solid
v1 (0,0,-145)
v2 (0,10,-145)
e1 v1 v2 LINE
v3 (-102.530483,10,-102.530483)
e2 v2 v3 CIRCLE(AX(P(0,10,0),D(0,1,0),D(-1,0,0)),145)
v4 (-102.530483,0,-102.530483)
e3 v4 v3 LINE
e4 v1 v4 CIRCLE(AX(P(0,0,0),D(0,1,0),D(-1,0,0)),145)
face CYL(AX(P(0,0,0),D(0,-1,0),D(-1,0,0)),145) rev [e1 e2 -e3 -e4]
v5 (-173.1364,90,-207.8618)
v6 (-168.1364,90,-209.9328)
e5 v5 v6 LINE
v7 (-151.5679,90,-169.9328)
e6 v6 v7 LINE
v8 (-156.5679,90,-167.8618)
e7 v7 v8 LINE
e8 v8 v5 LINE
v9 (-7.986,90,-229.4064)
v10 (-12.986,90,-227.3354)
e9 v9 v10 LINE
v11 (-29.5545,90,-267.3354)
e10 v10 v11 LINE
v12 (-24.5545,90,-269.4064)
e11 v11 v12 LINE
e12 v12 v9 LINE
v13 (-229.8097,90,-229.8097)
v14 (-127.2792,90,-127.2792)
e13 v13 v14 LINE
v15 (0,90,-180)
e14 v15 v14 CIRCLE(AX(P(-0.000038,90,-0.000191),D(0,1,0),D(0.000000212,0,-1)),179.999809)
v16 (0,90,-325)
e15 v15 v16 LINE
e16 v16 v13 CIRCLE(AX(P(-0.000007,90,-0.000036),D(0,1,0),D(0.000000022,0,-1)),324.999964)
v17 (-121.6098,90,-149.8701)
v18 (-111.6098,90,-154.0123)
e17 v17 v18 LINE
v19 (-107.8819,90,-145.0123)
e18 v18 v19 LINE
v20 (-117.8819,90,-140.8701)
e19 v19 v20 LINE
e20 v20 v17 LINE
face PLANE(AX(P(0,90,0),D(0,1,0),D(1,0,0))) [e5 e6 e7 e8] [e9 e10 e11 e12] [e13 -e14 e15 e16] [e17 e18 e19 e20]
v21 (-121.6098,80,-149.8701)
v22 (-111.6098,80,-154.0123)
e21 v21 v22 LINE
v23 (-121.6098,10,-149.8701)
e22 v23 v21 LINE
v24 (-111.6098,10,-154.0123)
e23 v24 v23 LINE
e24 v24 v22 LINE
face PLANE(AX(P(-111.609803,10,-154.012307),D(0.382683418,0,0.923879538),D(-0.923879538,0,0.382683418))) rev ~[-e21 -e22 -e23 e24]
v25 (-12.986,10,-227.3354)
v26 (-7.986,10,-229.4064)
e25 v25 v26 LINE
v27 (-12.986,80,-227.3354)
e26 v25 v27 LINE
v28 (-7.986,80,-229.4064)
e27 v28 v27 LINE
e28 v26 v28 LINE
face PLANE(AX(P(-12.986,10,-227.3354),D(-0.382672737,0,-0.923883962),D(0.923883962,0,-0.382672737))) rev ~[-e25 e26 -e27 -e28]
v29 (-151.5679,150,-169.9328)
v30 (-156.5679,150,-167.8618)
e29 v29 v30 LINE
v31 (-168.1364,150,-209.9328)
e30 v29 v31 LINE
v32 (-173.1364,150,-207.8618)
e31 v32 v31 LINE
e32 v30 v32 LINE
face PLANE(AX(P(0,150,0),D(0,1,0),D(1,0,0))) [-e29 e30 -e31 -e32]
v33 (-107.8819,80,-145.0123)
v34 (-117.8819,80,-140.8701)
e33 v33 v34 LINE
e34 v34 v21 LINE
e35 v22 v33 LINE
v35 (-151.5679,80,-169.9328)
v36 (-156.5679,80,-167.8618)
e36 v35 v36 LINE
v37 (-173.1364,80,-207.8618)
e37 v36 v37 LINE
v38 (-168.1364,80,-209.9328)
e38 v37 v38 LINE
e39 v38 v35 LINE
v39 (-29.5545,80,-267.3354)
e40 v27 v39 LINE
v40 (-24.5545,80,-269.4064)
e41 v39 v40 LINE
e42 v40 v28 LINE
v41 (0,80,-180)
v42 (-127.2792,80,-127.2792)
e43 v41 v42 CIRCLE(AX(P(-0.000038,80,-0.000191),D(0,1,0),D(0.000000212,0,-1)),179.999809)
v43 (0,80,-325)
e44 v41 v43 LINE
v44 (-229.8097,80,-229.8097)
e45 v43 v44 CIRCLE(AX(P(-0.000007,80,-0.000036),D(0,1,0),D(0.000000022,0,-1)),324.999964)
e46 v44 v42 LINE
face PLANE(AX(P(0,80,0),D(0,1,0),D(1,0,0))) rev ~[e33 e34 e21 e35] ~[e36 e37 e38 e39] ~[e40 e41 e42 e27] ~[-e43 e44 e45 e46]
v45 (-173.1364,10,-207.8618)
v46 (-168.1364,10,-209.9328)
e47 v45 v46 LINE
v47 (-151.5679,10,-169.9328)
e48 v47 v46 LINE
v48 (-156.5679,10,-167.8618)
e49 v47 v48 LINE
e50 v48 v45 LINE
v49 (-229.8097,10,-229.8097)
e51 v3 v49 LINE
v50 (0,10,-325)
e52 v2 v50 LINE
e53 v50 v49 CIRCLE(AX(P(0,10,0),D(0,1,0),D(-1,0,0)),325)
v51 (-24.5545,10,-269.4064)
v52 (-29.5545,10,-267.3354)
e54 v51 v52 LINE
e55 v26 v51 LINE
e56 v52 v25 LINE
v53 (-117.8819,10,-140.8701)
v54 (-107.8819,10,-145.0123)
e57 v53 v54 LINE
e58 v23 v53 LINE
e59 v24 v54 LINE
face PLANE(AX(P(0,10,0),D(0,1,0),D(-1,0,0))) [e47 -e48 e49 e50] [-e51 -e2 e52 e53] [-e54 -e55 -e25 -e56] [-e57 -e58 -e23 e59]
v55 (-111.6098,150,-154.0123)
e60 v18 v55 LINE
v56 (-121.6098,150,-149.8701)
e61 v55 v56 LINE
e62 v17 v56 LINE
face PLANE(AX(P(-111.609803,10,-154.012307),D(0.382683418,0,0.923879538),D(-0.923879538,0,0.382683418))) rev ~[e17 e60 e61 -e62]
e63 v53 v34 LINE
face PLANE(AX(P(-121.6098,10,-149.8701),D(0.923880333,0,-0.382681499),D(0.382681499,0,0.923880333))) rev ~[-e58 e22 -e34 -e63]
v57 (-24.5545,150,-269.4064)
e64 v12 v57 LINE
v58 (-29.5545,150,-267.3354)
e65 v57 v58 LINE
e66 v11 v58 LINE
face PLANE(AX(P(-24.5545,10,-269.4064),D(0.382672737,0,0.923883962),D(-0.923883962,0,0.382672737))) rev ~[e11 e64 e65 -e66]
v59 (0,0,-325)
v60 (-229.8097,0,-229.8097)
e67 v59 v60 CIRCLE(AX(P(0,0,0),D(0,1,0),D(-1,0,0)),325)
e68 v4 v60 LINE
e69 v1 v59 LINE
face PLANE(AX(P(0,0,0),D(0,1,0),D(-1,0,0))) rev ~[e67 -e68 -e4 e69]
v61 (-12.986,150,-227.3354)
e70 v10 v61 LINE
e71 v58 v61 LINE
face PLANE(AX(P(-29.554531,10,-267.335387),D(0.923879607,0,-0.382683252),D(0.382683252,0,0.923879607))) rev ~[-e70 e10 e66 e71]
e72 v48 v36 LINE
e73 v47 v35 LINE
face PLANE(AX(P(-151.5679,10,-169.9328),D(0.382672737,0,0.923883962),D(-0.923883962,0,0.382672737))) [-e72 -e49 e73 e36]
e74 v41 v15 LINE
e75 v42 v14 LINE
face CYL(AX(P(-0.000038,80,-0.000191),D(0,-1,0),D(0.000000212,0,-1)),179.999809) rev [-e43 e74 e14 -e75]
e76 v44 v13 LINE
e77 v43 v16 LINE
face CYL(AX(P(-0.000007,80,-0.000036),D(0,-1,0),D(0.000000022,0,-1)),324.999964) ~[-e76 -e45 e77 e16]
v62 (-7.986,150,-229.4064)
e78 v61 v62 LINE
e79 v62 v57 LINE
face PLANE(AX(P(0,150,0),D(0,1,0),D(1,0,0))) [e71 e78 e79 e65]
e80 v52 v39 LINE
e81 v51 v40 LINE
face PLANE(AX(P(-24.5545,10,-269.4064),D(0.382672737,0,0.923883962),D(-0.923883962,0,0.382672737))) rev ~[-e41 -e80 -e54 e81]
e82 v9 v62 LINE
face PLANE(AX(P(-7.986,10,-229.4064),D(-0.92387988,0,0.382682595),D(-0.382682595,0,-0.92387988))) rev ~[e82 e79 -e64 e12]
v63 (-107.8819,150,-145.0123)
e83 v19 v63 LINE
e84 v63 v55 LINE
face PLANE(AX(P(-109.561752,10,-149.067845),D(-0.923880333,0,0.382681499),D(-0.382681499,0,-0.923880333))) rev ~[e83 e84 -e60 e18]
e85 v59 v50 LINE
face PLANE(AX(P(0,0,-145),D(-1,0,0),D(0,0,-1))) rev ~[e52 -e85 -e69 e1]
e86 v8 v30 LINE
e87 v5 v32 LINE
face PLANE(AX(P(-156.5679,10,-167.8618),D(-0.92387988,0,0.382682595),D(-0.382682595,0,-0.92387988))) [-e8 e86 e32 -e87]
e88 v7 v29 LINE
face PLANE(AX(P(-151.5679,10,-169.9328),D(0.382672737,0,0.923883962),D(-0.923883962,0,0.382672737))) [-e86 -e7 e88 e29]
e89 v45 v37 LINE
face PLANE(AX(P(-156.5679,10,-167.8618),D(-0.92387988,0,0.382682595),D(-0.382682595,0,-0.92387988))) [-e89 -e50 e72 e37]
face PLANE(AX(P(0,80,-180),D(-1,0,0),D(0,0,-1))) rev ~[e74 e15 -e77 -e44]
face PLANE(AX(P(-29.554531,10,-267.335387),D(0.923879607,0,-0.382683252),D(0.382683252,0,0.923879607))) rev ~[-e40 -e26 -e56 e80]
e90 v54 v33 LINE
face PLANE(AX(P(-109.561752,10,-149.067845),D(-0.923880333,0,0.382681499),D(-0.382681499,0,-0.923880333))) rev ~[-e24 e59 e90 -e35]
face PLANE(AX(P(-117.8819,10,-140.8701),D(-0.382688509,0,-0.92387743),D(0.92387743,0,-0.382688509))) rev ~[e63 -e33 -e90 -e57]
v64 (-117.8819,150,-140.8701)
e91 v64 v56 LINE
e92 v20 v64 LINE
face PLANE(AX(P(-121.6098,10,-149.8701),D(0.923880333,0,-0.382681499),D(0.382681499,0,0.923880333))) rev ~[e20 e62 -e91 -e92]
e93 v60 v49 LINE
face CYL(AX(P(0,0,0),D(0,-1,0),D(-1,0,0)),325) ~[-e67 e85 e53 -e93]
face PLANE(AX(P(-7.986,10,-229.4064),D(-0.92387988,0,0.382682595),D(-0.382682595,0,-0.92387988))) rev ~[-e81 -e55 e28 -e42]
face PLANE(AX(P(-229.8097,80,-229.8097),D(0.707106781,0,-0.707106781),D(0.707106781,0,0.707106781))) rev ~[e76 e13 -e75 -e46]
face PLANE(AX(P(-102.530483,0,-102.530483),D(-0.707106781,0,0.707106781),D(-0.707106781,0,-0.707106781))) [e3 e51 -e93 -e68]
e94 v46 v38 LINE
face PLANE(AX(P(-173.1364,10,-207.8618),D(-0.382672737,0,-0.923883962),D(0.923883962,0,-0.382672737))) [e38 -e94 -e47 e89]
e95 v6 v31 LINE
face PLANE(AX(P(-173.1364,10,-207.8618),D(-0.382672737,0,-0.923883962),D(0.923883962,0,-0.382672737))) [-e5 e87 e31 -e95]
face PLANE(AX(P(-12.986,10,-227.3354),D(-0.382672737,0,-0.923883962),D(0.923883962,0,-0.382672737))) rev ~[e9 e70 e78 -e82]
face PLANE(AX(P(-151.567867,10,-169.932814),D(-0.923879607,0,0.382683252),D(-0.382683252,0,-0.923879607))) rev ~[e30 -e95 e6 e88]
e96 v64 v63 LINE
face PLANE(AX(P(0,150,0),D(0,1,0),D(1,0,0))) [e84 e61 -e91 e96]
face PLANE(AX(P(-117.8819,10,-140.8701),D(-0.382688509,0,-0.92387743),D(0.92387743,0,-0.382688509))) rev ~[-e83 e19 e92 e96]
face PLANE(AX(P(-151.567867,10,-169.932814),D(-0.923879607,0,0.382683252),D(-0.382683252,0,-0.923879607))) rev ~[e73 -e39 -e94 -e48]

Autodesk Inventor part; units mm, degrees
ref_plane "YZ Plane" through (0, 0, 0) normal (1, 0, 0) x (0, 1, 0)
ref_plane "XZ Plane" through (0, 0, 0) normal (0, 1, 0) x (-1, 0, 0)
ref_plane "XY Plane" through (0, 0, 0) normal (0, 0, 1) x (1, 0, 0)
sketch "Sketch1" plane through (0, 0, 0) normal (0, 1, 0) x (-1, 0, 0)
  circle A0 centre (0, 0) radius 145
  circle A1 centre (0, 0) radius 325
  line L0 (0, 0) -> (325, 0)
  line L1 (0, 0) -> (0, -325)
  line L2 (0, 0) -> (229.8097, -229.8097)
  line L3 (229.8097, -229.8097) -> (0, -145) construction
  line L4 (1.3869, -199.3328) -> (139.9689, -141.9303)
  line L5 (139.9689, -141.9303) -> (178.2372, -234.3183)
  line L6 (178.2372, -234.3183) -> (39.6553, -291.7208)
  line L7 (39.6553, -291.7208) -> (1.3869, -199.3328)
  line L8 (102.5305, -102.5305) -> (0, -325) construction
  circle A2 centre (0, 0) radius 306.4883 construction
  line L9 (178.2372, -234.3183) -> (1.3869, -199.3328) construction
  line L10 (139.9689, -141.9303) -> (39.6553, -291.7208) construction
  line L11 (89.8121, -216.8255) -> (108.9463, -263.0195) construction
  line L12 (0, 0) -> (124.3721, -300.2608) construction
  line L13 (199.3328, -1.3869) -> (291.7208, -39.6553)
  line L14 (141.9303, -139.9689) -> (199.3328, -1.3869)
  line L15 (234.3183, -178.2372) -> (141.9303, -139.9689)
  line L16 (291.7208, -39.6553) -> (234.3183, -178.2372)
  line L17 (141.9303, 139.9689) -> (234.3183, 178.2372)
  line L18 (199.3328, 1.3869) -> (141.9303, 139.9689)
  line L19 (291.7208, 39.6553) -> (199.3328, 1.3869)
  line L20 (234.3183, 178.2372) -> (291.7208, 39.6553)
  line L21 (1.3869, 199.3328) -> (39.6553, 291.7208)
  line L22 (139.9689, 141.9303) -> (1.3869, 199.3328)
  line L23 (178.2372, 234.3183) -> (139.9689, 141.9303)
  line L24 (39.6553, 291.7208) -> (178.2372, 234.3183)
  line L25 (-139.9689, 141.9303) -> (-178.2372, 234.3183)
  line L26 (-1.3869, 199.3328) -> (-139.9689, 141.9303)
  line L27 (-39.6553, 291.7208) -> (-1.3869, 199.3328)
  line L28 (-178.2372, 234.3183) -> (-39.6553, 291.7208)
  line L29 (-199.3328, 1.3869) -> (-291.7208, 39.6553)
  line L30 (-141.9303, 139.9689) -> (-199.3328, 1.3869)
  line L31 (-234.3183, 178.2372) -> (-141.9303, 139.9689)
  line L32 (-291.7208, 39.6553) -> (-234.3183, 178.2372)
  line L33 (-141.9303, -139.9689) -> (-234.3183, -178.2372)
  line L34 (-199.3328, -1.3869) -> (-141.9303, -139.9689)
  line L35 (-291.7208, -39.6553) -> (-199.3328, -1.3869)
  line L36 (-234.3183, -178.2372) -> (-291.7208, -39.6553)
  line L37 (-1.3869, -199.3328) -> (-39.6553, -291.7208)
  line L38 (-139.9689, -141.9303) -> (-1.3869, -199.3328)
  line L39 (-178.2372, -234.3183) -> (-139.9689, -141.9303)
  line L40 (-39.6553, -291.7208) -> (-178.2372, -234.3183)
  circle A3 centre (0, 0) radius 235 construction
  point P0 (263.0195, -108.9463)
  point P1 (263.0195, 108.9463)
  point P2 (108.9463, 263.0195)
  point P3 (-108.9463, 263.0195)
  point P4 (-263.0195, 108.9463)
  point P5 (-263.0195, -108.9463)
  point P6 (-108.9463, -263.0195)
  dimension "d1" = 180
  dimension "d3" = 45
  dimension "d4" = 650
  dimension "d11" = 150
  dimension "d12" = 100
  dimension "d13" = 22.5
  dimension "d16" = 360
  dimension "d18" = 90
extrude "Extrusion1" add sketch "Sketch1" along normal blind 10 contours A0 L2 A1 L1 | L4 L5 L6 L7
sketch "Sketch2" plane through (0, 10, 0) normal (0, 1, 0) x (1, 0, 0)
  circle A0 centre (0, 0) radius 325
  circle A1 centre (0, 0) radius 145
  line L0 (0, 0) -> (-325, 0)
  line L1 (0, 145) -> (0, 325) projected
  line L2 (0, 0) -> (0, 325)
  arc A2 (0, 325) -> (-229.8097, 229.8097) centre (0, 0) ccw projected
  line L3 (0, 0) -> (-229.8097, 229.8097)
  circle A3 centre (0, 0) radius 235 construction
  line L4 (0, 0) -> (-124.3721, 300.2608) construction
  line L5 (-1.5055, 199.619) -> (-140.0874, 142.2165)
  line L6 (-140.0874, 142.2165) -> (-178.3557, 234.6044)
  line L7 (-178.3557, 234.6044) -> (-39.7738, 292.0069)
  line L8 (-39.7738, 292.0069) -> (-1.5055, 199.619)
  line L9 (-1.5055, 199.619) -> (-178.3557, 234.6044) construction
  line L10 (-140.0874, 142.2165) -> (-39.7738, 292.0069) construction
  circle A4 centre (0, 0) radius 185
  line L11 (-199.619, 1.5055) -> (-292.0069, 39.7738)
  line L12 (-142.2165, 140.0874) -> (-199.619, 1.5055)
  line L13 (-234.6044, 178.3557) -> (-142.2165, 140.0874)
  line L14 (-292.0069, 39.7738) -> (-234.6044, 178.3557)
  line L15 (-199.619, 1.5055) -> (-234.6044, 178.3557) construction
  line L16 (-142.2165, 140.0874) -> (-292.0069, 39.7738) construction
  line L17 (-142.2165, -140.0874) -> (-234.6044, -178.3557)
  line L18 (-199.619, -1.5055) -> (-142.2165, -140.0874)
  line L19 (-292.0069, -39.7738) -> (-199.619, -1.5055)
  line L20 (-234.6044, -178.3557) -> (-292.0069, -39.7738)
  line L21 (-142.2165, -140.0874) -> (-292.0069, -39.7738) construction
  line L22 (-199.619, -1.5055) -> (-234.6044, -178.3557) construction
  line L23 (-1.5055, -199.619) -> (-39.7738, -292.0069)
  line L24 (-140.0874, -142.2165) -> (-1.5055, -199.619)
  line L25 (-178.3557, -234.6044) -> (-140.0874, -142.2165)
  line L26 (-39.7738, -292.0069) -> (-178.3557, -234.6044)
  line L27 (-1.5055, -199.619) -> (-178.3557, -234.6044) construction
  line L28 (-140.0874, -142.2165) -> (-39.7738, -292.0069) construction
  line L29 (140.0874, -142.2165) -> (178.3557, -234.6044)
  line L30 (1.5055, -199.619) -> (140.0874, -142.2165)
  line L31 (39.7738, -292.0069) -> (1.5055, -199.619)
  line L32 (178.3557, -234.6044) -> (39.7738, -292.0069)
  line L33 (140.0874, -142.2165) -> (39.7738, -292.0069) construction
  line L34 (1.5055, -199.619) -> (178.3557, -234.6044) construction
  line L35 (199.619, -1.5055) -> (292.0069, -39.7738)
  line L36 (142.2165, -140.0874) -> (199.619, -1.5055)
  line L37 (234.6044, -178.3557) -> (142.2165, -140.0874)
  line L38 (292.0069, -39.7738) -> (234.6044, -178.3557)
  line L39 (199.619, -1.5055) -> (234.6044, -178.3557) construction
  line L40 (142.2165, -140.0874) -> (292.0069, -39.7738) construction
  line L41 (142.2165, 140.0874) -> (234.6044, 178.3557)
  line L42 (199.619, 1.5055) -> (142.2165, 140.0874)
  line L43 (292.0069, 39.7738) -> (199.619, 1.5055)
  line L44 (234.6044, 178.3557) -> (292.0069, 39.7738)
  line L45 (142.2165, 140.0874) -> (292.0069, 39.7738) construction
  line L46 (199.619, 1.5055) -> (234.6044, 178.3557) construction
  line L47 (1.5055, 199.619) -> (39.7738, 292.0069)
  line L48 (140.0874, 142.2165) -> (1.5055, 199.619)
  line L49 (178.3557, 234.6044) -> (140.0874, 142.2165)
  line L50 (39.7738, 292.0069) -> (178.3557, 234.6044)
  line L51 (1.5055, 199.619) -> (178.3557, 234.6044) construction
  line L52 (140.0874, 142.2165) -> (39.7738, 292.0069) construction
  line L53 (-151.5679, 169.9328) -> (-156.5679, 167.8618)
  line L54 (-156.5679, 167.8618) -> (-173.1364, 207.8618)
  line L55 (-173.1364, 207.8618) -> (-168.1364, 209.9328)
  line L56 (-168.1364, 209.9328) -> (-151.5679, 169.9328)
  line L57 (-151.5679, 169.9328) -> (-173.1364, 207.8618) construction
  line L58 (-156.5679, 167.8618) -> (-168.1364, 209.9328) construction
  line L59 (-12.986, 227.3354) -> (-7.986, 229.4064)
  line L60 (-7.986, 229.4064) -> (-24.5545, 269.4064)
  line L61 (-24.5545, 269.4064) -> (-29.5545, 267.3354)
  line L62 (-12.986, 227.3354) -> (-24.5545, 269.4064) construction
  line L63 (-7.986, 229.4064) -> (-29.5545, 267.3354) construction
  line L64 (-111.6098, 154.0123) -> (-121.6098, 149.8701)
  line L65 (-121.6098, 149.8701) -> (-117.8819, 140.8701)
  line L66 (-117.8819, 140.8701) -> (-107.8819, 145.0123)
  line L67 (-107.8819, 145.0123) -> (-111.6098, 154.0123)
  line L68 (-111.6098, 154.0123) -> (-117.8819, 140.8701) construction
  line L69 (-121.6098, 149.8701) -> (-107.8819, 145.0123) construction
  point P0 (-89.9306, 217.1117)
  point P1 (-217.1117, 89.9306)
  point P2 (-217.1117, -89.9306)
  point P3 (-89.9306, -217.1117)
  point P4 (89.9306, -217.1117)
  point P5 (217.1117, -89.9306)
  point P6 (217.1117, 89.9306)
  point P7 (89.9306, 217.1117)
  point P8 (-68.8241, 166.1562)
  point P9 (-29.5545, 267.3354)
  point P10 (-12.986, 227.3354)
  point P11 (-151.5679, 169.9328)
  dimension "d22" = 180
  dimension "d23" = 650
  dimension "d24" = 90
  dimension "d25" = 100
  dimension "d26" = 150
  dimension "d27" = 40
  dimension "d30" = 360
  dimension "d32" = 40
  dimension "d33" = 5
  dimension "d34" = 9
  dimension "d35" = 10
  dimension "d39" = 30
  dimension "d40" = 20
extrude "Extrusion2" add sketch "Sketch2" along normal blind 140 contours L65 L5 L67 A4 | A4 L67 L66 L65 | L8 L61 L60 L59 | L53 L54 L55 L6
ref_plane "Work Plane1" through (0, 80, 0) normal (0, 1, 0) x (1, 0, 0)
sketch "Sketch4" plane through (0, 80, 0) normal (0, 1, 0) x (1, 0, 0)
  line L0 (-24.5545, 269.4064) -> (-7.986, 229.4064) projected
  line L1 (-7.986, 229.4064) -> (-12.986, 227.3354) projected
  line L2 (-12.986, 227.3354) -> (-29.5545, 267.3354) projected
  line L3 (-29.5545, 267.3354) -> (-24.5545, 269.4064) projected
  line L4 (-156.5679, 167.8618) -> (-173.1364, 207.8618) projected
  line L5 (-173.1364, 207.8618) -> (-168.1364, 209.9328) projected
  line L6 (-168.1364, 209.9328) -> (-151.5679, 169.9328) projected
  line L7 (-151.5679, 169.9328) -> (-156.5679, 167.8618) projected
  line L8 (-107.8819, 145.0123) -> (-117.8819, 140.8701) projected
  line L9 (-117.8819, 140.8701) -> (-121.6098, 149.8701) projected
  line L10 (-121.6098, 149.8701) -> (-111.6098, 154.0123) projected
  line L11 (-111.6098, 154.0123) -> (-107.8819, 145.0123) projected
  arc A0 (0, 145) -> (-102.5305, 102.5305) centre (0, 0) ccw projected
  line L12 (0, 145) -> (0, 325) projected
  arc A1 (0, 325) -> (-229.8097, 229.8097) centre (0, 0) ccw projected
  line L13 (-229.8097, 229.8097) -> (-102.5305, 102.5305) projected
  arc A2 (0, 180) -> (-127.2792, 127.2792) centre (0, 0) ccw
  dimension "d44" = 35
extrude "Extrusion3" add sketch "Sketch4" along normal blind 10 contours A2 L13 A1 L12
properties part number "Carousel Container Plate"
